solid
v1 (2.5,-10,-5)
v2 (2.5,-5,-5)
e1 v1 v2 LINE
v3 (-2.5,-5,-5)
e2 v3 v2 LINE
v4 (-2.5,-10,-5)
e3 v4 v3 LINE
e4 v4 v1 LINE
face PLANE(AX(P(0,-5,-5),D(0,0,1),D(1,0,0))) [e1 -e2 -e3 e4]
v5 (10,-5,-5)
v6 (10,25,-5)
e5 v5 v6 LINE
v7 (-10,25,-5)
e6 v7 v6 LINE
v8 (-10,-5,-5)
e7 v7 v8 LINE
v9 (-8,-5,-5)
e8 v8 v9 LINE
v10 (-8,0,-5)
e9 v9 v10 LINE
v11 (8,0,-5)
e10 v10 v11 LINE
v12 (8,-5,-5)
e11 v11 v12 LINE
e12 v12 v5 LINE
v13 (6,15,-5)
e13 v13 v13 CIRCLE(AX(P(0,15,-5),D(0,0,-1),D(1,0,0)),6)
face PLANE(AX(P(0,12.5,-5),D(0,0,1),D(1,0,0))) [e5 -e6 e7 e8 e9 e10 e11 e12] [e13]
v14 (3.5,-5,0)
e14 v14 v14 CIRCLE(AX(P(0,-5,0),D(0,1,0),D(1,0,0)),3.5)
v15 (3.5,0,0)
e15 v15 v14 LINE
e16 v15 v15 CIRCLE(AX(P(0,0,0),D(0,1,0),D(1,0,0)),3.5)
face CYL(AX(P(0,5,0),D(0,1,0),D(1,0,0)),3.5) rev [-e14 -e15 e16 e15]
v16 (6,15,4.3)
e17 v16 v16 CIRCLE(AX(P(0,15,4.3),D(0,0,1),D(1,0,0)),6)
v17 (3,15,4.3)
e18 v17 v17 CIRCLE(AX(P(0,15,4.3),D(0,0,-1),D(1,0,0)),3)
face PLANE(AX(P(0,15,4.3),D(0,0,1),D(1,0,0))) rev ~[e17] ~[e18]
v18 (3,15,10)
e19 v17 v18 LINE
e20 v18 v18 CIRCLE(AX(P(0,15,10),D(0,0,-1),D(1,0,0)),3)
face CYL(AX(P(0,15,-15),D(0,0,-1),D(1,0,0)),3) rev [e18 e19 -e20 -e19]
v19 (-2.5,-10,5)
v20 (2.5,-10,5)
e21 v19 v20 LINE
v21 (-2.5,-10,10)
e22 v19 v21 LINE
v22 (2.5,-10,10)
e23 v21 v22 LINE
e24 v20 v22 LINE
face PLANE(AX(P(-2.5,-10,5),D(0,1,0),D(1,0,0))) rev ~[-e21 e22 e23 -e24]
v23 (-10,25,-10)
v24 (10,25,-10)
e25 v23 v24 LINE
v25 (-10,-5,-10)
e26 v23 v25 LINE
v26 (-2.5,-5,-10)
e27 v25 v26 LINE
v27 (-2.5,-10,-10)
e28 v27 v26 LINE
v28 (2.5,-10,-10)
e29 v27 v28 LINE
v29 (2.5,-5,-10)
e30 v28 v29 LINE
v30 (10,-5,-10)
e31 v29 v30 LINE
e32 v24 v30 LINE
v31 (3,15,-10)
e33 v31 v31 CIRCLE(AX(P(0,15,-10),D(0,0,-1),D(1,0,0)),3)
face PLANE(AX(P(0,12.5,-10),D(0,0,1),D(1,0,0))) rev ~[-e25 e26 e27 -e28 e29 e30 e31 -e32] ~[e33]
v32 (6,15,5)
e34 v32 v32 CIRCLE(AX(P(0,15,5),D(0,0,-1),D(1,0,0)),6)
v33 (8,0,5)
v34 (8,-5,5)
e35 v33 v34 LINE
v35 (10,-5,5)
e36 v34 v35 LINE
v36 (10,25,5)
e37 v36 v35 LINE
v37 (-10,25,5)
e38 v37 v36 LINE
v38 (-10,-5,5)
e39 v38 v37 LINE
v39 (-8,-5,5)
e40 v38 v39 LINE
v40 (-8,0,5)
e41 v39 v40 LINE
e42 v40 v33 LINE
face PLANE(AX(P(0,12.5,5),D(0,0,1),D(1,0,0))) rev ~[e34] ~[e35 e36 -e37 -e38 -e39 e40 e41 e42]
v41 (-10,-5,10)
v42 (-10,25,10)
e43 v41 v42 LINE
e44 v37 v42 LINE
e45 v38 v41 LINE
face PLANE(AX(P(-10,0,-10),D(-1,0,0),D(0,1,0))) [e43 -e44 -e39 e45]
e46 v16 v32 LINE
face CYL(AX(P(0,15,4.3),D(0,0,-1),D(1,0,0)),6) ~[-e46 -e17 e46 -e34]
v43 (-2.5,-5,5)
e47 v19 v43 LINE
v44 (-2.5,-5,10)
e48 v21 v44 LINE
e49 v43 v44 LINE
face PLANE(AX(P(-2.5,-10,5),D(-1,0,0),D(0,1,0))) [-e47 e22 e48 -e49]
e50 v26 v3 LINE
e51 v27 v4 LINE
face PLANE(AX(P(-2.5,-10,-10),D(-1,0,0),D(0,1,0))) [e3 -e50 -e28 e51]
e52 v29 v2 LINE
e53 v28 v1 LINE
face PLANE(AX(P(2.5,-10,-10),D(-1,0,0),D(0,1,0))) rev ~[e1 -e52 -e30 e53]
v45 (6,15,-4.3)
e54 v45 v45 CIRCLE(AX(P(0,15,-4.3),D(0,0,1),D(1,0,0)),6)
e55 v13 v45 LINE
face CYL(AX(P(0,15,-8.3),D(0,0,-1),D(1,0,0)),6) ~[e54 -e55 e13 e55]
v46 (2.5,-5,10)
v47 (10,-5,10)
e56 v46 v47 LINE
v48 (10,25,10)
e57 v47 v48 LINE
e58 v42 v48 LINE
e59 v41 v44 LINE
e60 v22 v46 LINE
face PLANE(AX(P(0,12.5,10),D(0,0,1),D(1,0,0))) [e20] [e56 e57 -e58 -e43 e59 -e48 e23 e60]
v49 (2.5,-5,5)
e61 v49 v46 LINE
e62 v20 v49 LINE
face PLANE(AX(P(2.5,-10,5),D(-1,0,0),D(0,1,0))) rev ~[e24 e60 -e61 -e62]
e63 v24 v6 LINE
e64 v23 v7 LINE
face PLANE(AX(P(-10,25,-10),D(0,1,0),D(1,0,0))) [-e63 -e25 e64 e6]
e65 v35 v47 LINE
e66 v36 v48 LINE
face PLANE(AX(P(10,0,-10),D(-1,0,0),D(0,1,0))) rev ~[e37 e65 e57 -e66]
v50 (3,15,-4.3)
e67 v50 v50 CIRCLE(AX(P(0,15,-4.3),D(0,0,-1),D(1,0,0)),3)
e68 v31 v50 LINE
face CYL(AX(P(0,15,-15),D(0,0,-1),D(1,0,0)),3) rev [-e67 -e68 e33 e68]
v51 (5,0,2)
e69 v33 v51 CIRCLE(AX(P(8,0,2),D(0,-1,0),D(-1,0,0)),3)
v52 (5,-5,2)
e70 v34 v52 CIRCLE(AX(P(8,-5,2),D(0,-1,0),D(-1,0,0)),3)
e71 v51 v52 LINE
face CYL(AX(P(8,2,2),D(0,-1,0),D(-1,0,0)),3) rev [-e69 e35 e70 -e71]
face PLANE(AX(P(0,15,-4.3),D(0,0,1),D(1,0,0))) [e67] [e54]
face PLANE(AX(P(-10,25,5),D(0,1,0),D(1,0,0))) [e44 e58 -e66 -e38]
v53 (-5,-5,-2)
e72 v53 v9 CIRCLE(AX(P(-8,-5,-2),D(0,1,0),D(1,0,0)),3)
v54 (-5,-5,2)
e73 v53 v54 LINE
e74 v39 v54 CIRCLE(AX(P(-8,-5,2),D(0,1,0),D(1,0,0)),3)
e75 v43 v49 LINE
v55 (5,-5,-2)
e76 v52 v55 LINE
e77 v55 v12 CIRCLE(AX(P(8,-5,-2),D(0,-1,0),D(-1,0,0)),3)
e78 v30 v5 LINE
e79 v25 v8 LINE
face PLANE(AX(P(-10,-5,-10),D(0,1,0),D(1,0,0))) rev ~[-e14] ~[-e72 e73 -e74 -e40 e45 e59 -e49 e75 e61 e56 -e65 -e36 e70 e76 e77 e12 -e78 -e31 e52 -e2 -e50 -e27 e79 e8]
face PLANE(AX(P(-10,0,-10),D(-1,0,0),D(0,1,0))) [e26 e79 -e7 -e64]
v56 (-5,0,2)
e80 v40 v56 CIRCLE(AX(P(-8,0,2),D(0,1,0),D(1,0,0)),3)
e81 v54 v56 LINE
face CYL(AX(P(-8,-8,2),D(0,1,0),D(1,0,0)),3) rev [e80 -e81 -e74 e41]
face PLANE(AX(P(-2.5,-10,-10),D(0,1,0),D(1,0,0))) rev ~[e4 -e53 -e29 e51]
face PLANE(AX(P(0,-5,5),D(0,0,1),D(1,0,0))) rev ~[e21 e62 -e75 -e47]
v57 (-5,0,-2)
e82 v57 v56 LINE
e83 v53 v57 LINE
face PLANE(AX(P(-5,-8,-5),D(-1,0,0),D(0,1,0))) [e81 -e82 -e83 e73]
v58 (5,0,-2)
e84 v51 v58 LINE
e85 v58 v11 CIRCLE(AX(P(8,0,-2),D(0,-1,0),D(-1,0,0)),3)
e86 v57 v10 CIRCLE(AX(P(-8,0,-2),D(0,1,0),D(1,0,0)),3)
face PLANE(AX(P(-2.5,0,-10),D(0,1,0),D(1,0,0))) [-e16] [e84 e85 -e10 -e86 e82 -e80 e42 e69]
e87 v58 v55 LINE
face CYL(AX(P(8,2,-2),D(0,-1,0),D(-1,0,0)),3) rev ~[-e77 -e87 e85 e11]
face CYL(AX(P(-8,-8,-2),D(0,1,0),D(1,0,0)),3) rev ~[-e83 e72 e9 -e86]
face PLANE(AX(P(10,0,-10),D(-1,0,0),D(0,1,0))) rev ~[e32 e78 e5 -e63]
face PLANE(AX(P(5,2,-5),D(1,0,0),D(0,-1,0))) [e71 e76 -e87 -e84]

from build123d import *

# Parameters (mm, degrees)
BOX007_W              = 11
BOX007_H              = 7
BOX007_DEPTH          = 10
FILLET_R              = 3
ARRAY_COUNT           = 2
ARRAY_ANGLE           = 180
ARRAY_PLACEMENT_ANGLE = 90
CYLINDER004_R         = 3
CYLINDER004_DEPTH     = 30
CYLINDER_R            = 3.5
CYLINDER_DEPTH        = 15
CYLINDER006_R         = 6
CYLINDER006_DEPTH     = 4
CYLINDER005_R         = 6
CYLINDER005_DEPTH     = 4
BOX001_W              = 5
BOX001_H              = 10
BOX001_DEPTH          = 5
BOX002_W              = 20
BOX002_H              = 25
BOX002_DEPTH          = 5
BOX_W                 = 20
BOX_H                 = 5
BOX_DEPTH             = 20


with BuildPart() as array:
    # Box007 → Box007 (new body)
    with BuildSketch(Plane(origin=(10, 5, -5), x_dir=(1, 0, 0), z_dir=(0, 0, 1))):
        with Locations((5.5, 3.5)):
            Rectangle(BOX007_W, BOX007_H)
    extrude(amount=BOX007_DEPTH)


with BuildPart() as array_1:
    # BaseFeature placement: moved
    add(array.part.moved(Location((-10, -5, 5))))

    # Fillet
    fillet_edges = [array_1.edges().sort_by_distance(p)[0] for p in [
        (5.5, 0, 10),
        (5.5, 0, 0),
    ]]
    fillet(fillet_edges, radius=FILLET_R)


with BuildPart() as array_2:
    # Body placement: moved
    add(array_1.part.moved(Location((-5, 5, 0))))

    # Array: Array ×2 about axis
    array_axis = Axis((0, 0, 0), (0, 0, 1))


with BuildPart() as array_3:
    add(array_2.part)
    for i in range(1, ARRAY_COUNT):
        add(array_2.part.rotate(array_axis, i * ARRAY_ANGLE / (ARRAY_COUNT - 1)))


with BuildPart() as array_4:
    # Array placement: moved
    add(array_3.part.moved(Location((0, -3, -5))).rotate(Axis((0, -3, -5), (0, 0, 1)), ARRAY_PLACEMENT_ANGLE))


with BuildPart() as cilindro004:
    # Cylinder004 → Cylinder004 (new body)
    with BuildSketch(Plane(origin=(0, 15, -15), x_dir=(1, 0, 0), z_dir=(0, 0, 1))):
        Circle(CYLINDER004_R)
    extrude(amount=CYLINDER004_DEPTH)


with BuildPart() as cilindro:
    # Cylinder → Cylinder (new body)
    with BuildSketch(Plane.XZ.offset(-5)):
        Circle(CYLINDER_R)
    extrude(amount=CYLINDER_DEPTH)


with BuildPart() as apoyo1:
    # Cylinder006 → Cylinder006 (new body)
    with BuildSketch(Plane.XY.offset(4.3)):
        Circle(CYLINDER006_R)
    extrude(amount=CYLINDER006_DEPTH)


with BuildPart() as fusion003:
    # Cylinder005 → Cylinder005 (new body)
    with BuildSketch(Plane.XY.offset(-8.3)):
        Circle(CYLINDER005_R)
    extrude(amount=CYLINDER005_DEPTH)

    # Fusion003: union apoyo1
    add(apoyo1.part)


with BuildPart() as fusion003_1:
    # Fusion003 placement: moved
    add(fusion003.part.moved(Location((0, 15, 0))))


with BuildPart() as pin0:
    # Box001 → Box001 (new body)
    with BuildSketch(Plane(origin=(-2.5, -10, 5), x_dir=(1, 0, 0), z_dir=(0, 0, 1))):
        with Locations((2.5, 5)):
            Rectangle(BOX001_W, BOX001_H)
    extrude(amount=BOX001_DEPTH)


with BuildPart() as pin001:
    # Clone base: copy of pin0
    add(pin0.part)


with BuildPart() as pin001_1:
    # Clone placement: moved
    add(pin001.part.moved(Location((0, 0, -15))))


with BuildPart() as pared1:
    # Box002 → Box002 (new body)
    with BuildSketch(Plane(origin=(-10, 0, 5), x_dir=(1, 0, 0), z_dir=(0, 0, 1))):
        with Locations((10, 12.5)):
            Rectangle(BOX002_W, BOX002_H)
    extrude(amount=BOX002_DEPTH)


with BuildPart() as pared002:
    # Clone001 base: copy of pared1
    add(pared1.part)


with BuildPart() as pared002_1:
    # Clone001 placement: moved
    add(pared002.part.moved(Location((0, 0, -15))))


with BuildPart() as cut003:
    # Box → Box (new body)
    with BuildSketch(Plane(origin=(-10, -5, -10), x_dir=(1, 0, 0), z_dir=(0, 0, 1))):
        with Locations((10, 2.5)):
            Rectangle(BOX_W, BOX_H)
    extrude(amount=BOX_DEPTH)

    # Fusion: union pin0, pin001, pared1, pared002
    add(pin0.part)
    add(pin001_1.part)
    add(pared1.part)
    add(pared002_1.part)

    # Fusion004: union Fusion003
    add(fusion003_1.part)

    # Cut001: cut Cilindro
    add(cilindro.part, mode=Mode.SUBTRACT)

    # Cut002: cut Cilindro004
    add(cilindro004.part, mode=Mode.SUBTRACT)

    # Cut003: cut Array
    add(array_4.part, mode=Mode.SUBTRACT)


solid = cut003.part
